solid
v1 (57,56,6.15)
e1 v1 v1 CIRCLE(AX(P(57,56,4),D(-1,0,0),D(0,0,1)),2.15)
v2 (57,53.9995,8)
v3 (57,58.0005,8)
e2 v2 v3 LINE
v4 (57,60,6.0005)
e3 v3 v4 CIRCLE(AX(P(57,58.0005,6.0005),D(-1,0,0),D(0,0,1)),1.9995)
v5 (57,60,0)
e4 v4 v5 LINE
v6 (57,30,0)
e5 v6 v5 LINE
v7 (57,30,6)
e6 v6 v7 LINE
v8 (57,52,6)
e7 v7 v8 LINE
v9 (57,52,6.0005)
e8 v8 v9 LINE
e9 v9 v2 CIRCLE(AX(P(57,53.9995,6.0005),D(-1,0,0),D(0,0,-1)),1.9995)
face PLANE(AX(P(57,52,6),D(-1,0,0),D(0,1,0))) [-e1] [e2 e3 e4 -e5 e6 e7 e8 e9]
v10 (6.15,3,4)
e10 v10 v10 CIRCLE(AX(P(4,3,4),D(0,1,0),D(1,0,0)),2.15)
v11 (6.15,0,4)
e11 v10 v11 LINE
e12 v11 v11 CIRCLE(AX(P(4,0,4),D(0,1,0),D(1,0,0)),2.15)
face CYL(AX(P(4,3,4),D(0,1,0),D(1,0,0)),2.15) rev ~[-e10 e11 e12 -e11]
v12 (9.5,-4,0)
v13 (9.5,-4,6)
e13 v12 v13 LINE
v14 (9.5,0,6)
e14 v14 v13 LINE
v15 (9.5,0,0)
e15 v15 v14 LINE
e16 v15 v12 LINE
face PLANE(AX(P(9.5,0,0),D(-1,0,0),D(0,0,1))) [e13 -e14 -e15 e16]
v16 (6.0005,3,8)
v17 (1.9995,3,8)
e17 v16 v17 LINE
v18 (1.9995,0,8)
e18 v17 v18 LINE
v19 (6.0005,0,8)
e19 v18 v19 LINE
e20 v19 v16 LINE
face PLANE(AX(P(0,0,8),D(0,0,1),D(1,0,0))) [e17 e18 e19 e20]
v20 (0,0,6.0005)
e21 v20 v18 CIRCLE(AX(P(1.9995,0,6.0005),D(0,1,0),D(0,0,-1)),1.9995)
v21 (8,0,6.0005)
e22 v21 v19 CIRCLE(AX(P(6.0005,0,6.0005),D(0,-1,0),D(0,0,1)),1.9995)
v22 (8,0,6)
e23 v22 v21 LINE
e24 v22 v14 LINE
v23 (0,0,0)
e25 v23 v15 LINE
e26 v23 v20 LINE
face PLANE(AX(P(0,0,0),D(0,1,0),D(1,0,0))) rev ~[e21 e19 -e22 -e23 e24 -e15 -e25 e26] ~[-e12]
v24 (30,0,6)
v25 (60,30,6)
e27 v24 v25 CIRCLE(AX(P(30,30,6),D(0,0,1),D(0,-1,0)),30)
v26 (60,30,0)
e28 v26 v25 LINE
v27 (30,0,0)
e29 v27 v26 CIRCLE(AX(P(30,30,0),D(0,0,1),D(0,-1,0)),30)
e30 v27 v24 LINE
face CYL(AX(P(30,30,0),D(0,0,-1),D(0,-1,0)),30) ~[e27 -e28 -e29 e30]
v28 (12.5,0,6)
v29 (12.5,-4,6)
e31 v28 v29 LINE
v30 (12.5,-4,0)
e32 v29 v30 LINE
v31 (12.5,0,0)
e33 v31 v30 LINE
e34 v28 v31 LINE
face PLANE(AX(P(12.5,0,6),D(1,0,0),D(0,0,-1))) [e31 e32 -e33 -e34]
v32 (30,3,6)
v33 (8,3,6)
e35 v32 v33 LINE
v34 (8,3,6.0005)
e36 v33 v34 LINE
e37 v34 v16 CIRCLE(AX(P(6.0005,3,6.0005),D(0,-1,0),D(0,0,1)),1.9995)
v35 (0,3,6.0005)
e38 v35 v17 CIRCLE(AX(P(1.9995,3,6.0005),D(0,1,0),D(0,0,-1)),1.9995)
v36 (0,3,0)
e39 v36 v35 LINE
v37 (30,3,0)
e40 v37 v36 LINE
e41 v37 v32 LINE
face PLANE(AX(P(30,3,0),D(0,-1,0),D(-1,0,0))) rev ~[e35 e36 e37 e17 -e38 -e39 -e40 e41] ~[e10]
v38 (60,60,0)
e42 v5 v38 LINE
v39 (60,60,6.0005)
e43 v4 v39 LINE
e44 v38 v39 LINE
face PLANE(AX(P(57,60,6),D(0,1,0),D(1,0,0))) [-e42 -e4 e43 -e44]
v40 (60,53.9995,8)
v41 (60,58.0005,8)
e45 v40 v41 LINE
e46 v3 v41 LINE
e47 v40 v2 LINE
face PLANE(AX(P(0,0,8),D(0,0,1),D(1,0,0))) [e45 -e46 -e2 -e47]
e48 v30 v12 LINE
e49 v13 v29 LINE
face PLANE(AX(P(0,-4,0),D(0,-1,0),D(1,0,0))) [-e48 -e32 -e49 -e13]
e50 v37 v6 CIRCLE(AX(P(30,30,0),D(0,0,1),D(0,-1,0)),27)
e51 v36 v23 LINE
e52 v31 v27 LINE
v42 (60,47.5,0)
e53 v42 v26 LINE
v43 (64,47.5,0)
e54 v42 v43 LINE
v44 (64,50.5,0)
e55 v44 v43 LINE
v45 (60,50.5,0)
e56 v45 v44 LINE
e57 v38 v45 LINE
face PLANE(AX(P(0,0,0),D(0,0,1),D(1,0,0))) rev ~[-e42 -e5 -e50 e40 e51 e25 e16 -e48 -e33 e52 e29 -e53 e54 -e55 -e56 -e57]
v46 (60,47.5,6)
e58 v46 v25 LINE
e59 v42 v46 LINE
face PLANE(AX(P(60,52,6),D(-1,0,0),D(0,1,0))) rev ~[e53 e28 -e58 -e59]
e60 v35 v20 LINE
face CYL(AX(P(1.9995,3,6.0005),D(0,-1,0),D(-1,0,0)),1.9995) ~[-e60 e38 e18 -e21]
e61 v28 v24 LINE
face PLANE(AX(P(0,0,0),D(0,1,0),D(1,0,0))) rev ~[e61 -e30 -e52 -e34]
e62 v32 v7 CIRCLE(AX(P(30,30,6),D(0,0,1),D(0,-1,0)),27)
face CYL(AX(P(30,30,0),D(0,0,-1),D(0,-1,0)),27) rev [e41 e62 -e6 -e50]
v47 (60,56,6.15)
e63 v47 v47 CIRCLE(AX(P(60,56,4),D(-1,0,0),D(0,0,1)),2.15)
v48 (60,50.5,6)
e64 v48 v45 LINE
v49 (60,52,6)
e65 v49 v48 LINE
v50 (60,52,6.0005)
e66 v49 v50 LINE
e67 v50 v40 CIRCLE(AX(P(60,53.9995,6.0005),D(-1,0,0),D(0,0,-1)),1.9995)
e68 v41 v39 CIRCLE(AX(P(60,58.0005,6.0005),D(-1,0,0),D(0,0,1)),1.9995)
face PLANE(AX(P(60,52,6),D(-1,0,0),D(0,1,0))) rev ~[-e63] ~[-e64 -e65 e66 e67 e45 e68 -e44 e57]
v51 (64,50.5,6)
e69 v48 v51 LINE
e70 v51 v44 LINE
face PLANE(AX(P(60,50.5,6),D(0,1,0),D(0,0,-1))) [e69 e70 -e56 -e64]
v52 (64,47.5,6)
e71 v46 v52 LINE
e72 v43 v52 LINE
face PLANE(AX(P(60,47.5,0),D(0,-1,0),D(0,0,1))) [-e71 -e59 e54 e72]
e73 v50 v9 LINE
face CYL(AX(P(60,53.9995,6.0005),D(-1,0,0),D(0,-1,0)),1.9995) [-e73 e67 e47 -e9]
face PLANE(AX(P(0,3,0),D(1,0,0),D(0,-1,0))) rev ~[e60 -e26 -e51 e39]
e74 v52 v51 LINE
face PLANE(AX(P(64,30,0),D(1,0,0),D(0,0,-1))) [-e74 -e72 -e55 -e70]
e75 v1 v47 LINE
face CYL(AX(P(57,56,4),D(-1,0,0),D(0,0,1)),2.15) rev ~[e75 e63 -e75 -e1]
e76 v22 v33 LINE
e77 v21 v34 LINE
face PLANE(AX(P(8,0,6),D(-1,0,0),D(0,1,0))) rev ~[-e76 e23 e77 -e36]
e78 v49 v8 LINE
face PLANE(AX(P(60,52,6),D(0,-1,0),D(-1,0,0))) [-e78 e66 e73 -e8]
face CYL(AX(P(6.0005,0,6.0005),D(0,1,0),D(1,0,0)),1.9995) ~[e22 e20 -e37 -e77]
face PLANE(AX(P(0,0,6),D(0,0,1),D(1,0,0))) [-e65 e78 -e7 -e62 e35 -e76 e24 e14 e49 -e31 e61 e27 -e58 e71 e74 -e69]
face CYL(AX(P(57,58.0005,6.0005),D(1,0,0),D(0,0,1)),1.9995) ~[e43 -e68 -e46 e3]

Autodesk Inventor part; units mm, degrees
ref_plane "YZ Plane" through (0, 0, 0) normal (1, 0, 0) x (0, 1, 0)
ref_plane "XZ Plane" through (0, 0, 0) normal (0, 1, 0) x (-1, 0, 0)
ref_plane "XY Plane" through (0, 0, 0) normal (0, 0, 1) x (1, 0, 0)
sketch "Sketch1" plane through (0, 0, 0) normal (0, 0, 1) x (1, 0, 0)
  line L0 (0, 0) -> (60, 0) construction
  line L1 (60, 0) -> (60, 60) construction
  line L2 (60, 60) -> (0, 60) construction
  line L3 (0, 3) -> (0, 0)
  line L4 (57, 60) -> (60, 60)
  line L5 (60, 60) -> (60, 30)
  line L6 (60, 0) -> (30, 0) construction
  line L7 (30, 0) -> (30, 30) construction
  line L8 (30, 30) -> (60, 30) construction
  line L9 (60, 30) -> (60, 0) construction
  arc A0 (30, 3) -> (57, 30) centre (30, 30) ccw
  line L10 (30, 3) -> (0, 3)
  line L11 (0, 0) -> (30, 0)
  line L12 (57, 30) -> (57, 60)
  line L13 (0, 60) -> (0, 30) construction
  line L14 (0, 3) -> (0, 0) construction
  arc A1 (30, 0) -> (60, 30) centre (30, 30) ccw
  arc A2 (30, 60) -> (0, 30) centre (30, 30) ccw
  dimension "d0" = 60
  dimension "d1" = 60
  dimension "d3" = 3
  dimension "d6" = 30
extrude "Extrusion2" add sketch "Sketch1" along normal blind 6
sketch "Sketch2" plane through (0, 0, 6) normal (0, 0, 1) x (1, 0, 0)
  line L0 (30, 3) -> (0, 3) projected
  line L1 (0, 0) -> (8, 0)
  line L2 (8, 0) -> (8, 3)
  line L3 (8, 3) -> (0, 3)
  line L4 (0, 3) -> (0, 0)
  dimension "d10" = 8
extrude "Extrusion3" add sketch "Sketch2" along normal blind 2
sketch "Sketch3" plane through (0, 3, 0) normal (0, 1, 0) x (1, 0, 0)
  circle A0 centre (4, -4) radius 2.15
  dimension "d13" = 4.3
extrude "Extrusion4" cut sketch "Sketch3" against normal through all
sketch "Sketch4" plane through (0, 0, 6) normal (0, 0, 1) x (1, 0, 0)
  line L0 (60, 30) -> (60, 60) projected
  line L1 (57, 60) -> (60, 60)
  line L2 (60, 60) -> (60, 52)
  line L3 (60, 52) -> (57, 52)
  line L4 (57, 52) -> (57, 60)
  point P0 (0, 0)
  dimension "d16" = 8
extrude "Extrusion5" add sketch "Sketch4" along normal blind 2
sketch "Sketch5" plane through (57, 30, 0) normal (-1, 0, 0) x (0, 0, 1)
  circle A0 centre (4, 26) radius 2.15
  point P0 (0, -30)
  dimension "d19" = 4.3
extrude "Extrusion6" cut sketch "Sketch5" against normal through all
sketch "Sketch6" plane through (0, 0, 0) normal (0, -1, 0) x (1, 0, 0)
  line L0 (30, 0) -> (0, 0) projected
  line L1 (8, 6) -> (30, 6) projected
  line L2 (8, 6) -> (8, 8) projected
  line L3 (0, 0) -> (0, 8) projected
  line L4 (9.5, 7.1237) -> (9.5, -0.5969) construction
  line L5 (9.5, 6) -> (12.5, 6)
  line L6 (12.5, 6) -> (12.5, 0)
  line L7 (12.5, 0) -> (9.5, 0)
  line L8 (9.5, 0) -> (9.5, 6)
  dimension "d23" = 1.5
  dimension "d24" = 3
extrude "Extrusion7" add sketch "Sketch6" along normal blind 4
sketch "Sketch7" plane through (60, 30, 0) normal (1, 0, 0) x (0, 0, -1)
  line L0 (0, 30) -> (0, 0) projected
  line L1 (-6, 22) -> (-8, 22) projected
  line L2 (-6, 0) -> (-6, 22) projected
  line L3 (-6, 20.5) -> (0, 20.5)
  line L4 (0, 20.5) -> (0, 17.5)
  line L5 (0, 17.5) -> (-6, 17.5)
  line L6 (-6, 17.5) -> (-6, 20.5)
  point P0 (0, -30)
  dimension "d27" = 3
  dimension "d28" = 1.5
extrude "Extrusion8" add sketch "Sketch7" along normal blind 4
fillet "Fillet1" radius 2 4 edges at (58.5, 52, 8) (58.5, 60, 8) (0, 1.5, 8) (8, 1.5, 8)
properties part number "BackNetHookLeft"
